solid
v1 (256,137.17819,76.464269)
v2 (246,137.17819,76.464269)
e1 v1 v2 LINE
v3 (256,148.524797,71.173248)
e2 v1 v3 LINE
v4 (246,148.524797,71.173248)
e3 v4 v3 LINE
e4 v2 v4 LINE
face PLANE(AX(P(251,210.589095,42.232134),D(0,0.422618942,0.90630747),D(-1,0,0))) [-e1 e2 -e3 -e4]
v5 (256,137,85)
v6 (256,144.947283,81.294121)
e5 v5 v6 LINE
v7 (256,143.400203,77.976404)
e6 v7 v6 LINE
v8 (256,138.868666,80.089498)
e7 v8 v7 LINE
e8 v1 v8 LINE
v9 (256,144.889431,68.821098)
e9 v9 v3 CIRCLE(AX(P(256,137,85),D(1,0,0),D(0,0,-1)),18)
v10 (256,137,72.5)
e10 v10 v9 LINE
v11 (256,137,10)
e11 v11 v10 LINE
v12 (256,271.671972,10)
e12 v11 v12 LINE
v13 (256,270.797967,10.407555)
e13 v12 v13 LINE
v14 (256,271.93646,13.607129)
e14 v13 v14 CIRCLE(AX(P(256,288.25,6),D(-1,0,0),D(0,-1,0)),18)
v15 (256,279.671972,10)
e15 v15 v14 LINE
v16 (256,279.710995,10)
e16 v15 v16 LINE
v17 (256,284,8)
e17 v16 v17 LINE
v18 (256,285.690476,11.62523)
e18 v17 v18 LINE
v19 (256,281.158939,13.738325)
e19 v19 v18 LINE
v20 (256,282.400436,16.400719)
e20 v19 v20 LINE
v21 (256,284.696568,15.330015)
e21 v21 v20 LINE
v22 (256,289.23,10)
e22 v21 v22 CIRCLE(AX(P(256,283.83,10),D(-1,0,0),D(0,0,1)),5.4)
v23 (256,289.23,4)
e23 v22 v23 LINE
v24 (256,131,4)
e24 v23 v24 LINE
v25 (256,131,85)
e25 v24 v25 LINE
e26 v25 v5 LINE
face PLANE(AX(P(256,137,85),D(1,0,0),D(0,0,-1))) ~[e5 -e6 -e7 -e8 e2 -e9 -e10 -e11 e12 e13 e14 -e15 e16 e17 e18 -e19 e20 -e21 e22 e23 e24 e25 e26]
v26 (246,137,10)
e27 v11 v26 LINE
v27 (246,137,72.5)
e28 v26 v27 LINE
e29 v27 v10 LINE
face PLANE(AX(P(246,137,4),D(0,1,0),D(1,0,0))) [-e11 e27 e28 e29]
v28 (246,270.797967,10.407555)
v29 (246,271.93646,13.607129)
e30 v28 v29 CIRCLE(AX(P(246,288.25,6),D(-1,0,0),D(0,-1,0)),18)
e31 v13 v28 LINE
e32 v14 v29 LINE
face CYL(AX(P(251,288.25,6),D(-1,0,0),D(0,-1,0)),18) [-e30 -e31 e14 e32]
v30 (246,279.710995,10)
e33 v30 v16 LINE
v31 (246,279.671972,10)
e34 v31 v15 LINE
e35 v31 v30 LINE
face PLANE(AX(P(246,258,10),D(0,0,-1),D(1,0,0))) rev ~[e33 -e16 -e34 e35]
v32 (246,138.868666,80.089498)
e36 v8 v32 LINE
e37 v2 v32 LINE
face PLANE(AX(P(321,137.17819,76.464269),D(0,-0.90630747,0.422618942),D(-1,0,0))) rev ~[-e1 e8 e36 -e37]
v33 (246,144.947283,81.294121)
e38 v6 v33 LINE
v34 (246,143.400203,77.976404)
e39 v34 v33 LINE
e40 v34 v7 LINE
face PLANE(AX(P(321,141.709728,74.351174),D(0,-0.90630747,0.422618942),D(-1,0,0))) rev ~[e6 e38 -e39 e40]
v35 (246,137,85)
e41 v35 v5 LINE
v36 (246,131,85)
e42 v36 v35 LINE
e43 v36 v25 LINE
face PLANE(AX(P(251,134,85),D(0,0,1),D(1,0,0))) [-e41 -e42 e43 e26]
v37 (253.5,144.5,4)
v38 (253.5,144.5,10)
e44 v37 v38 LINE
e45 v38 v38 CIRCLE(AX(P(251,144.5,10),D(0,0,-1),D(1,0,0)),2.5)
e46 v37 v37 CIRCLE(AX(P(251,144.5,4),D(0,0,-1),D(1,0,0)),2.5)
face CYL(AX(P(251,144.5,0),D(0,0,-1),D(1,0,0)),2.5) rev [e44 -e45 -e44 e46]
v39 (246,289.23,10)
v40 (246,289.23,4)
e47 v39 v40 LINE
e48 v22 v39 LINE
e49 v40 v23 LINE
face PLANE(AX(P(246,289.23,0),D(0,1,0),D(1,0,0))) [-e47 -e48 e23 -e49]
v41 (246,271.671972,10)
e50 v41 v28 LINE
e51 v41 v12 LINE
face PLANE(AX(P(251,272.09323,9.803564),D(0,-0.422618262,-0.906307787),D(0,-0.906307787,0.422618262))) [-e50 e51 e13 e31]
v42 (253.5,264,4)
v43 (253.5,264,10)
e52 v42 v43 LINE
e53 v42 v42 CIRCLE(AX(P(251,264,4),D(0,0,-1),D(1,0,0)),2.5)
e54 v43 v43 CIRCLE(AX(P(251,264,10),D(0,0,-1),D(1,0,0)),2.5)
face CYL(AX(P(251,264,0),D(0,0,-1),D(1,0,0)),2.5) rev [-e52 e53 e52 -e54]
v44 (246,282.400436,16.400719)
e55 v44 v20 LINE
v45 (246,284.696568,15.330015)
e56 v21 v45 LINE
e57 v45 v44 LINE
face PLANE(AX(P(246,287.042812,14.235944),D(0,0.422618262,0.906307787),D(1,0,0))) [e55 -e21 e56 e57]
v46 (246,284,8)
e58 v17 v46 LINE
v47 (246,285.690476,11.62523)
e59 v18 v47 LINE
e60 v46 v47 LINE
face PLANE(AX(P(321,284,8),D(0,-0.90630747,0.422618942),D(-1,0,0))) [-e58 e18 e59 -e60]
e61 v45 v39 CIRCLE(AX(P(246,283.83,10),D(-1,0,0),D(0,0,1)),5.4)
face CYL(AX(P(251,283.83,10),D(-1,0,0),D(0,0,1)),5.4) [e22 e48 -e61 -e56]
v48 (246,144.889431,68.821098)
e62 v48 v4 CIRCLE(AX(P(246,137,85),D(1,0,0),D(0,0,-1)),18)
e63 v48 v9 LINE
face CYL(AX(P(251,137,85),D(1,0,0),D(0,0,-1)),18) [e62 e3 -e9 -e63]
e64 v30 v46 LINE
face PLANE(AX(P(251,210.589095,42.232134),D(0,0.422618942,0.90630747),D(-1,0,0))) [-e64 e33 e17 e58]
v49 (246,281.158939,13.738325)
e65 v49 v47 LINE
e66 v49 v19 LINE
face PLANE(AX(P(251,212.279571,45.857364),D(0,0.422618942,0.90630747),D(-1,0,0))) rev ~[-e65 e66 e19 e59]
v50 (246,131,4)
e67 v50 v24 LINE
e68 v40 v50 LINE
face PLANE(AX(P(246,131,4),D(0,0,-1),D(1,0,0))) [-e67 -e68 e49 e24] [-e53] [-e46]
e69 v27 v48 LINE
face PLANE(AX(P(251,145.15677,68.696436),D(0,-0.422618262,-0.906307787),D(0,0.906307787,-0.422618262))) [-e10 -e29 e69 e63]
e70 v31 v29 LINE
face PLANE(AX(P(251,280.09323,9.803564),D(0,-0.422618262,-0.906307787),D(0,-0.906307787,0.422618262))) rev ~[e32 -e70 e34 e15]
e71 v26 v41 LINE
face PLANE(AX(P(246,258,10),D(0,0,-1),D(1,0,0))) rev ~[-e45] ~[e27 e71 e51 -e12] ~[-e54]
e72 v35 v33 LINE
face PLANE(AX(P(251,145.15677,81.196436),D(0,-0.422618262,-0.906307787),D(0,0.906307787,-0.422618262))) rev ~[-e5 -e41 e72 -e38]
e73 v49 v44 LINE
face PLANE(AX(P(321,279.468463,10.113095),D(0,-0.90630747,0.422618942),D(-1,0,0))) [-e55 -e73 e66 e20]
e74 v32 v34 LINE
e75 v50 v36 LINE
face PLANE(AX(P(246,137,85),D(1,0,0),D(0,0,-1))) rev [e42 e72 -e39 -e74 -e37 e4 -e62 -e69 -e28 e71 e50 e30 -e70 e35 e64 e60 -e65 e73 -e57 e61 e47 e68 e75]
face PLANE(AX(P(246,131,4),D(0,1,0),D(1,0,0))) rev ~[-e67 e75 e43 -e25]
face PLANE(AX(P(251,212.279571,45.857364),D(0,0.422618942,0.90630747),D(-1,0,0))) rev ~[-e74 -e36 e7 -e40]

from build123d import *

# Parameters (mm, degrees)
CYLINDER038_R          = 2.5
CYLINDER038_DEPTH      = 14
CYLINDER037_R          = 2.5
CYLINDER037_DEPTH      = 14
BOX041_W               = 134
BOX041_H               = 152
BOX041_DEPTH           = 11
BOX041_ROLL_ANGLE      = 25.000043
BOX041_PLACEMENT_ANGLE = 180
BOX042_W               = 10
BOX042_H               = 10
BOX042_DEPTH           = 10
BOX037_W               = 140
BOX037_H               = 162
BOX037_DEPTH           = 4
BOX037_ROLL_ANGLE      = 25.000043
BOX037_PLACEMENT_ANGLE = 180
CYLINDER036_W          = 5.4
CYLINDER036_H          = 10
CYLINDER036_ANGLE      = 90
BOX040_W               = 10
BOX040_H               = 6
BOX040_DEPTH           = 25
BOX040_PLACEMENT_ANGLE = 65
BOX039_W               = 10
BOX039_H               = 6
BOX039_DEPTH           = 31.23
BOX036_W               = 10
BOX036_H               = 2
BOX036_DEPTH           = 165
BOX034_W               = 140
BOX034_H               = 162
BOX034_DEPTH           = 4
BOX034_ROLL_ANGLE      = 25.000043
BOX034_PLACEMENT_ANGLE = 180
CYLINDER033_W          = 18
CYLINDER033_H          = 10
CYLINDER033_ANGLE      = 65
CYLINDER032_W          = 18
CYLINDER032_H          = 10
CYLINDER032_ANGLE      = 65
BOX035_W               = 10
BOX035_H               = 6
BOX035_DEPTH           = 81
BOX038_W               = 10
BOX038_H               = 6
BOX038_DEPTH           = 20
CYLINDER035_W          = 18
CYLINDER035_H          = 10
CYLINDER035_ANGLE      = 25
CYLINDER034_W          = 18
CYLINDER034_H          = 10
CYLINDER034_ANGLE      = 25
BOX044_W               = 10
BOX044_H               = 109
BOX044_DEPTH           = 4


with BuildPart() as m4s010:
    # Cylinder038 → Cylinder038 (new body)
    with BuildSketch(Plane(origin=(105, 264, 0), x_dir=(1, 0, 0), z_dir=(0, 0, 1))):
        Circle(CYLINDER038_R)
    extrude(amount=CYLINDER038_DEPTH)


with BuildPart() as fusion018:
    # Cylinder037 → Cylinder037 (new body)
    with BuildSketch(Plane(origin=(105, 144.5, 0), x_dir=(1, 0, 0), z_dir=(0, 0, 1))):
        Circle(CYLINDER037_R)
    extrude(amount=CYLINDER037_DEPTH)

    # Fusion018: union m4s010
    add(m4s010.part)


with BuildPart() as solar_panelcut001:
    # Box041 → Box041 (new body)
    with BuildSketch(Plane.XY):
        with Locations((67, 76)):
            Rectangle(BOX041_W, BOX041_H)
    extrude(amount=BOX041_DEPTH)


with BuildPart() as solar_panelcut001_1:
    # Box041 roll: moved
    add(solar_panelcut001.part.rotate(Axis((0, 0, 0), (1, 0, 0)), BOX041_ROLL_ANGLE))


with BuildPart() as solar_panelcut001_2:
    # Box041 placement: moved
    add(solar_panelcut001_1.part.moved(Location((175, 279.468463, 10.113095))).rotate(Axis((175, 279.468463, 10.113095), (0, 0, 1)), BOX041_PLACEMENT_ANGLE))


with BuildPart() as cube011:
    # Box042 → Box042 (new body)
    with BuildSketch(Plane(origin=(100, 289.23, 0), x_dir=(1, 0, 0), z_dir=(0, 0, 1))):
        with Locations((5, 5)):
            Rectangle(BOX042_W, BOX042_H)
    extrude(amount=BOX042_DEPTH)


with BuildPart() as solar_panel011:
    # Box037 → Box037 (new body)
    with BuildSketch(Plane.XY):
        with Locations((70, 81)):
            Rectangle(BOX037_W, BOX037_H)
    extrude(amount=BOX037_DEPTH)


with BuildPart() as solar_panel011_1:
    # Box037 roll: moved
    add(solar_panel011.part.rotate(Axis((0, 0, 0), (1, 0, 0)), BOX037_ROLL_ANGLE))


with BuildPart() as solar_panel011_2:
    # Box037 placement: moved
    add(solar_panel011_1.part.moved(Location((175, 284, 8))).rotate(Axis((175, 284, 8), (0, 0, 1)), BOX037_PLACEMENT_ANGLE))


with BuildPart() as cylinder036:
    # Cylinder036 → Cylinder036 (revolve)
    with BuildSketch(Plane(origin=(110, 283.83, 10), x_dir=(0, 0, 1), z_dir=(0, -1, 0))):
        with Locations((2.7, 5)):
            Rectangle(CYLINDER036_W, CYLINDER036_H)
    revolve(axis=Axis((110, 283.83, 10), (-1, 0, 0)), revolution_arc=CYLINDER036_ANGLE)


with BuildPart() as basesupport016:
    # Box040 → Box040 (new body)
    with BuildSketch(Plane.XY):
        with Locations((5, 3)):
            Rectangle(BOX040_W, BOX040_H)
    extrude(amount=BOX040_DEPTH)


with BuildPart() as basesupport016_1:
    # Box040 placement: moved
    add(basesupport016.part.moved(Location((100, 284.507102, 8.798097))).rotate(Axis((100, 284.507102, 8.798097), (1, 0, 0)), BOX040_PLACEMENT_ANGLE))


with BuildPart() as basesupport015:
    # Box039 → Box039 (new body)
    with BuildSketch(Plane(origin=(100, 258, 10), x_dir=(1, 0, 0), z_dir=(0, 1, 0))):
        with Locations((5, 3)):
            Rectangle(BOX039_W, BOX039_H)
    extrude(amount=BOX039_DEPTH)


with BuildPart() as basesupport010:
    # Box036 → Box036 (new body)
    with BuildSketch(Plane(origin=(100, 131, 6), x_dir=(1, 0, 0), z_dir=(0, 1, 0))):
        with Locations((5, 1)):
            Rectangle(BOX036_W, BOX036_H)
    extrude(amount=BOX036_DEPTH)


with BuildPart() as solar_panel010:
    # Box034 → Box034 (new body)
    with BuildSketch(Plane.XY):
        with Locations((70, 81)):
            Rectangle(BOX034_W, BOX034_H)
    extrude(amount=BOX034_DEPTH)


with BuildPart() as solar_panel010_1:
    # Box034 roll: moved
    add(solar_panel010.part.rotate(Axis((0, 0, 0), (1, 0, 0)), BOX034_ROLL_ANGLE))


with BuildPart() as solar_panel010_2:
    # Box034 placement: moved
    add(solar_panel010_1.part.moved(Location((175, 284, 8))).rotate(Axis((175, 284, 8), (0, 0, 1)), BOX034_PLACEMENT_ANGLE))


with BuildPart() as cylinder033:
    # Cylinder033 → Cylinder033 (revolve)
    with BuildSketch(Plane(origin=(101, 137, 72.5), x_dir=(0, 0, -1), z_dir=(0, -1, 0))):
        with Locations((9, 5)):
            Rectangle(CYLINDER033_W, CYLINDER033_H)
    revolve(axis=Axis((101, 137, 72.5), (1, 0, 0)), revolution_arc=CYLINDER033_ANGLE)


with BuildPart() as basesupport011:
    # Cylinder032 → Cylinder032 (revolve)
    with BuildSketch(Plane(origin=(101, 137, 85), x_dir=(0, 0, -1), z_dir=(0, -1, 0))):
        with Locations((9, 5)):
            Rectangle(CYLINDER032_W, CYLINDER032_H)
    revolve(axis=Axis((101, 137, 85), (1, 0, 0)), revolution_arc=CYLINDER032_ANGLE)

    # Cut032: cut Cylinder033
    add(cylinder033.part, mode=Mode.SUBTRACT)


with BuildPart() as basesupport011_1:
    # Cut032 placement: moved
    add(basesupport011.part.moved(Location((-1, 0, 0))))


with BuildPart() as basesupport012:
    # Box035 → Box035 (new body)
    with BuildSketch(Plane(origin=(100, 131, 4), x_dir=(1, 0, 0), z_dir=(0, 0, 1))):
        with Locations((5, 3)):
            Rectangle(BOX035_W, BOX035_H)
    extrude(amount=BOX035_DEPTH)

    # Fusion016: union baseSupport011
    add(basesupport011_1.part)

    # Cut033: cut solar Panel010
    add(solar_panel010_2.part, mode=Mode.SUBTRACT)


with BuildPart() as basesupport013:
    # Box038 → Box038 (new body)
    with BuildSketch(Plane(origin=(100, 131, 10), x_dir=(1, 0, 0), z_dir=(0, 1, 0))):
        with Locations((5, 3)):
            Rectangle(BOX038_W, BOX038_H)
    extrude(amount=BOX038_DEPTH)


with BuildPart() as cylinder035:
    # Cylinder035 → Cylinder035 (revolve)
    with BuildSketch(Plane(origin=(110, 280.25, 6), x_dir=(0, -1, 0), z_dir=(0, 0, -1))):
        with Locations((9, 5)):
            Rectangle(CYLINDER035_W, CYLINDER035_H)
    revolve(axis=Axis((110, 280.25, 6), (-1, 0, 0)), revolution_arc=CYLINDER035_ANGLE)


with BuildPart() as solarpanelbase003:
    # Cylinder034 → Cylinder034 (revolve)
    with BuildSketch(Plane(origin=(110, 288.25, 6), x_dir=(0, -1, 0), z_dir=(0, 0, -1))):
        with Locations((9, 5)):
            Rectangle(CYLINDER034_W, CYLINDER034_H)
    revolve(axis=Axis((110, 288.25, 6), (-1, 0, 0)), revolution_arc=CYLINDER034_ANGLE)

    # Cut031: cut Cylinder035
    add(cylinder035.part, mode=Mode.SUBTRACT)

    # Fusion017: union Cylinder036, baseSupport016, baseSupport015, baseSupport010, baseSupport012, baseSupport013
    add(cylinder036.part)
    add(basesupport016_1.part)
    add(basesupport015.part)
    add(basesupport010.part)
    add(basesupport012.part)
    add(basesupport013.part)

    # Cut036: cut solar Panel011
    add(solar_panel011_2.part, mode=Mode.SUBTRACT)

    # Cut035: cut Cube011
    add(cube011.part, mode=Mode.SUBTRACT)

    # Cut034: cut solar PanelCut001
    add(solar_panelcut001_2.part, mode=Mode.SUBTRACT)

    # Cut037: cut Fusion018
    add(fusion018.part, mode=Mode.SUBTRACT)


with BuildPart() as solarpanelbase003_1:
    # Cut037 placement: moved
    add(solarpanelbase003.part.moved(Location((146, 0, 0))))


with BuildPart() as solarpanelbase005:
    # Box044 → Box044 (new body)
    with BuildSketch(Plane(origin=(246, 150, 6), x_dir=(1, 0, 0), z_dir=(0, 0, 1))):
        with Locations((5, 54.5)):
            Rectangle(BOX044_W, BOX044_H)
    extrude(amount=BOX044_DEPTH)

    # Fusion030: union solarPanelBase003
    add(solarpanelbase003_1.part)


solid = solarpanelbase005.part
